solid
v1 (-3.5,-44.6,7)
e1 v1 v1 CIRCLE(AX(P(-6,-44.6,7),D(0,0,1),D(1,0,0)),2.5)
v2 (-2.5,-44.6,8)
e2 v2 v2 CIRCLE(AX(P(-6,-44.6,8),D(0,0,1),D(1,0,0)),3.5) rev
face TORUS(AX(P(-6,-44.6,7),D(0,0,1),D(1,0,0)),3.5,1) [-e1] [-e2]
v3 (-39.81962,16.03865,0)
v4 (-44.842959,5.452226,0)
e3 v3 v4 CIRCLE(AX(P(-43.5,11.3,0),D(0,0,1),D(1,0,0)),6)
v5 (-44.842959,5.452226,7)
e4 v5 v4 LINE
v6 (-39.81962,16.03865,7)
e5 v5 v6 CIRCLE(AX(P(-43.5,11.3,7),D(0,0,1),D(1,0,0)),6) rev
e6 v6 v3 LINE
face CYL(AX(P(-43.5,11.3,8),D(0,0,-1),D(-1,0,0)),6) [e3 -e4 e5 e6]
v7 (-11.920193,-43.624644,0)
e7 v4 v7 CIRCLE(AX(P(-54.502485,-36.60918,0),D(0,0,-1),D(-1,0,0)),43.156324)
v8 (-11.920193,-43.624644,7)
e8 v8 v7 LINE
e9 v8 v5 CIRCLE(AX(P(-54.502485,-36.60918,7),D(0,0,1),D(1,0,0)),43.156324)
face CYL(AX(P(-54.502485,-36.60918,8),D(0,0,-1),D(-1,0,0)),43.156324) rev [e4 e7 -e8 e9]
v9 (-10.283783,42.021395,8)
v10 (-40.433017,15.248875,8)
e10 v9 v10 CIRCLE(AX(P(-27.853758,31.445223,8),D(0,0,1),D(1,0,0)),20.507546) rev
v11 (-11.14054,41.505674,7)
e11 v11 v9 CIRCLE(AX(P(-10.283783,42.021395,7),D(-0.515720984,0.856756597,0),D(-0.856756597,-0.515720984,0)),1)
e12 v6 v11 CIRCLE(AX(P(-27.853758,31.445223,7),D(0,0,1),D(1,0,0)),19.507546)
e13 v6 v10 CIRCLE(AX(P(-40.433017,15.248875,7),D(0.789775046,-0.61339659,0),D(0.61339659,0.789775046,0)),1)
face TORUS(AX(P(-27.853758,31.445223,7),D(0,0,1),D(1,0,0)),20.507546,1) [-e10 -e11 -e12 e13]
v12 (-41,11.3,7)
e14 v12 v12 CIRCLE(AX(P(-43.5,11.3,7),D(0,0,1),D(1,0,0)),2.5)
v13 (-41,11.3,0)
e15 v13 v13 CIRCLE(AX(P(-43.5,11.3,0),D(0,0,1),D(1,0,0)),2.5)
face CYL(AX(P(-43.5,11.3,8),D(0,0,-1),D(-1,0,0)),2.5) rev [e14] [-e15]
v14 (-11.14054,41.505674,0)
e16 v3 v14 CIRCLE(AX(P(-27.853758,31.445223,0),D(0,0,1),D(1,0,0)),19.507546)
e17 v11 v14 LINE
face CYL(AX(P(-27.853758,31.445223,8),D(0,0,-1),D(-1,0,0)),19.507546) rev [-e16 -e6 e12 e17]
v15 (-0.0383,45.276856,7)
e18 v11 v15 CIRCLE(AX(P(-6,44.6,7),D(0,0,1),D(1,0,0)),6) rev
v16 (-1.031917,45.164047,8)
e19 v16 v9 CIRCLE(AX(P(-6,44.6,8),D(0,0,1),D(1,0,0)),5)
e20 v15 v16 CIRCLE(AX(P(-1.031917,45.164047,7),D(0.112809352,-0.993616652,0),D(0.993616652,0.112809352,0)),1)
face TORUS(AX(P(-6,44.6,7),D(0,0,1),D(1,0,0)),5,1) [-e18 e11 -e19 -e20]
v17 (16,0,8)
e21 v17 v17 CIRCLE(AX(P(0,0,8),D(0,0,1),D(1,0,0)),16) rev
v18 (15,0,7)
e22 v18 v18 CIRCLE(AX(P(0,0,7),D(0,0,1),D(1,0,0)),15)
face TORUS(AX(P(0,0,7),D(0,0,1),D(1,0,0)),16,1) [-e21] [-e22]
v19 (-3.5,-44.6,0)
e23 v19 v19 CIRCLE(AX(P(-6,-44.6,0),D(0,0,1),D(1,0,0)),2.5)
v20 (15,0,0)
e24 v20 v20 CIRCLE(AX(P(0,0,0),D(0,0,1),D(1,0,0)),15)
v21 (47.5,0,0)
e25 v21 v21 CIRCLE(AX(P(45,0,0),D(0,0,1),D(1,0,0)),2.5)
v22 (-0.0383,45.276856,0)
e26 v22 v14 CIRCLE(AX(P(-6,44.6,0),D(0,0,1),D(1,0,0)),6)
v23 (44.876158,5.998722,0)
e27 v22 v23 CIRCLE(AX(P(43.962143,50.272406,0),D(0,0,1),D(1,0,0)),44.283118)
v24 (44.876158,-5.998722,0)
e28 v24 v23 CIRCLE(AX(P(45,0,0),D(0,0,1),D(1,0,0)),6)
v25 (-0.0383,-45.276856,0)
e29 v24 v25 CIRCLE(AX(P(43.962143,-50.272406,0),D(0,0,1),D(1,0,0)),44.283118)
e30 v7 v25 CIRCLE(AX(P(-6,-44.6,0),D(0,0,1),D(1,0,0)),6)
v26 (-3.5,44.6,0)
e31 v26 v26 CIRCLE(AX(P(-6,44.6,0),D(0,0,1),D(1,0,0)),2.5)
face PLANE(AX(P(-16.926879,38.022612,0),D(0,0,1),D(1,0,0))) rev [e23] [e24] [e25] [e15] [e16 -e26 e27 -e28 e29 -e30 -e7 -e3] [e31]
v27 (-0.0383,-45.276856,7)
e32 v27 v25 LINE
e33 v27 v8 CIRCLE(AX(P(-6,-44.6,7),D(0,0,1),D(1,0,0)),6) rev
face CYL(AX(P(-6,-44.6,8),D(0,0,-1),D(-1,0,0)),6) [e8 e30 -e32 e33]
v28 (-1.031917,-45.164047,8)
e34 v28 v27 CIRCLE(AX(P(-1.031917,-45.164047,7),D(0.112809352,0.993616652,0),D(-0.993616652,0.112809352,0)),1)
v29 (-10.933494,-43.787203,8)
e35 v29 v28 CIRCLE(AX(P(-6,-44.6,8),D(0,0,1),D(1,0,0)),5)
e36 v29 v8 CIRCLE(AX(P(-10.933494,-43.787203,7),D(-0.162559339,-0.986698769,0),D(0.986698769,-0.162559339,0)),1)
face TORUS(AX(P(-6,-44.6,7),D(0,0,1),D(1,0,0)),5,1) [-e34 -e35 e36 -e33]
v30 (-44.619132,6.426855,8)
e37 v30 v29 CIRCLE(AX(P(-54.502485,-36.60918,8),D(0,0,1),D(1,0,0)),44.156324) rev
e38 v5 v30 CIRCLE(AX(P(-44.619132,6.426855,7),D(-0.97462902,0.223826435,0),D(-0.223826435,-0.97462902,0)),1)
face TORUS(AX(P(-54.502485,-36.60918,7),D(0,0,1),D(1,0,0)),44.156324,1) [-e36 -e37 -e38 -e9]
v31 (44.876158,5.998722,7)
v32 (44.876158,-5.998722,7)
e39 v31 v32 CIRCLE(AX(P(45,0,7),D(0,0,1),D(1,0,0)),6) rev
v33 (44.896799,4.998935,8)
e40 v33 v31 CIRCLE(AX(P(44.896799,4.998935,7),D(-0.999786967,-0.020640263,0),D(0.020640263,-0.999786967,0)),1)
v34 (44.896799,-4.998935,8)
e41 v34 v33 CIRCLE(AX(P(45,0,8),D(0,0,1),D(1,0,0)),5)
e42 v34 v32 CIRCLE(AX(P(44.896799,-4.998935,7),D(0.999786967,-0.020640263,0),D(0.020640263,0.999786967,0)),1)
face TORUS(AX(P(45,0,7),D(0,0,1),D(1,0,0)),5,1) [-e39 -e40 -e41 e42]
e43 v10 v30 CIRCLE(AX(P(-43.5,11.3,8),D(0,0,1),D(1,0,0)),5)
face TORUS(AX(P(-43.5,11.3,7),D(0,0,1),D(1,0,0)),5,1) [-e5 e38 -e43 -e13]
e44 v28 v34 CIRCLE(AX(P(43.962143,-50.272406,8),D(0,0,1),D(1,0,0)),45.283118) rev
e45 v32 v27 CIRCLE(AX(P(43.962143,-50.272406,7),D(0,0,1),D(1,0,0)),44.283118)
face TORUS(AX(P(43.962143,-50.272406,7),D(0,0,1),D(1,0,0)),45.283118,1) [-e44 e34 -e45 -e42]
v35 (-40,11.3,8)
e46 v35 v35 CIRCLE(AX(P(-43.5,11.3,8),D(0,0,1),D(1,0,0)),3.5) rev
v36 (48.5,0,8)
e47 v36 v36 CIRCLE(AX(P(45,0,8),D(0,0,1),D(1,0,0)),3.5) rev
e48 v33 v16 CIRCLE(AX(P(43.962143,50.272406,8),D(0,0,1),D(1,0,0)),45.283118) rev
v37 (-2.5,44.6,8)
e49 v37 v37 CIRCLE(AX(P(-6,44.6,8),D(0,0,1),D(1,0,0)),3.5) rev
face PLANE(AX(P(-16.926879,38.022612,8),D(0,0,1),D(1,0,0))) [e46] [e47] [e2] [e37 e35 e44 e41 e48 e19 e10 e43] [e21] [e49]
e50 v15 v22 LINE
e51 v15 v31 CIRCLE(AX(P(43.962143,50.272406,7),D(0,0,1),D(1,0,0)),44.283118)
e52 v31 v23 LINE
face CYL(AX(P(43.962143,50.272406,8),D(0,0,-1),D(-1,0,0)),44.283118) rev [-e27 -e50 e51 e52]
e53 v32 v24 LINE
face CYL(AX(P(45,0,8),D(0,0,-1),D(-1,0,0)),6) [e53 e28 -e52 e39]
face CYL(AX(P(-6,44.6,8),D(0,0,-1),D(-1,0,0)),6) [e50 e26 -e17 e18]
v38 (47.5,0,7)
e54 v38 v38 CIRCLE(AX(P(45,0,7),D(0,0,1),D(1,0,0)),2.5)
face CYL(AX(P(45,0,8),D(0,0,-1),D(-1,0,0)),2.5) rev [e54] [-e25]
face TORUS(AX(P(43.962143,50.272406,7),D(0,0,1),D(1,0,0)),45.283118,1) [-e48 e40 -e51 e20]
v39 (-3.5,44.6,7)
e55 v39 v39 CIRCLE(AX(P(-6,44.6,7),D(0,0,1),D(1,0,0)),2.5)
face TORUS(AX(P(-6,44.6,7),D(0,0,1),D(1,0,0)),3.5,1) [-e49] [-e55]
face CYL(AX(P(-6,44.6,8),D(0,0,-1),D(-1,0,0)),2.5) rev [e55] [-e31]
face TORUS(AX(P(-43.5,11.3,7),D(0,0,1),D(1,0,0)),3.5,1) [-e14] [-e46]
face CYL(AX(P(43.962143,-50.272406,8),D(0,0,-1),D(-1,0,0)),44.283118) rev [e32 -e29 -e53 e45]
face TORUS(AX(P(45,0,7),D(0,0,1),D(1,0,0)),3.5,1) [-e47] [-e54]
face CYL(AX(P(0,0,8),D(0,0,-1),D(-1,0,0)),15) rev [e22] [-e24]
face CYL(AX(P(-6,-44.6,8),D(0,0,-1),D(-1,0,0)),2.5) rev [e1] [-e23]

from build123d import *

# Parameters (mm, degrees)
ESBO_O1_R                = 15
ESBO_O1_R_2              = 2.5
RESSALTO_EXTRUS_O1_DEPTH = 8
FILETE1_R                = 1
FILETE2_R                = 1


with BuildPart() as part:
    # Esboço1 → Ressalto-extrusão1 (new body)
    with BuildSketch(Plane.XY):
        with BuildLine():
            ThreePointArc((-0.038300091, 45.27685611), (-7.929774474, 50.281194459), (-11.140539582, 41.505674095))
            ThreePointArc((-11.140539582, 41.505674095), (-14.900894737, 16.858665244), (-39.81962046, 16.038650276))
            ThreePointArc((-39.81962046, 16.038650276), (-48.920699174, 13.872162606), (-44.842958612, 5.452225879))
            ThreePointArc((-44.842958612, 5.452225879), (-18.66344626, -12.566891498), (-11.920192616, -43.624643966))
            ThreePointArc((-11.920192616, -43.624643966), (-6.826366721, -50.542820714), (-0.038300091, -45.27685611))
            ThreePointArc((-0.038300091, -45.27685611), (14.810761943, -16.937866796), (44.876158422, -5.998721802))
            ThreePointArc((44.876158422, -5.998721802), (51, 0), (44.876158422, 5.998721802))
            ThreePointArc((44.876158422, 5.998721802), (14.810761943, 16.937866796), (-0.038300091, 45.27685611))
        make_face()
        Circle(ESBO_O1_R, mode=Mode.SUBTRACT)
        with Locations((-6, 44.6)):
            Circle(ESBO_O1_R_2, mode=Mode.SUBTRACT)
        with Locations((45, 0)):
            Circle(ESBO_O1_R_2, mode=Mode.SUBTRACT)
        with Locations((-43.5, 11.3)):
            Circle(ESBO_O1_R_2, mode=Mode.SUBTRACT)
        with Locations((-6, -44.6)):
            Circle(ESBO_O1_R_2, mode=Mode.SUBTRACT)
    extrude(amount=RESSALTO_EXTRUS_O1_DEPTH)

    # Filete1
    filete1_edges = [part.edges().sort_by_distance(p)[0] for p in [
        (-15, 0, 8),
    ]]
    fillet(filete1_edges, radius=FILETE1_R)

    # Filete2
    filete2_edges = [part.edges().sort_by_distance(p)[0] for p in [
        (-48.920699174, 13.872162606, 8),
        (-18.66344626, -12.566891498, 8),
        (-6.826366721, -50.542820714, 8),
        (14.810761943, -16.937866796, 8),
        (51, 0, 8),
        (-46, 11.3, 8),
        (14.810761943, 16.937866796, 8),
        (-8.5, 44.6, 8),
        (42.5, 0, 8),
        (-8.5, -44.6, 8),
        (-7.929774474, 50.281194459, 8),
        (-14.900894737, 16.858665244, 8),
    ]]
    fillet(filete2_edges, radius=FILETE2_R)


solid = part.part
